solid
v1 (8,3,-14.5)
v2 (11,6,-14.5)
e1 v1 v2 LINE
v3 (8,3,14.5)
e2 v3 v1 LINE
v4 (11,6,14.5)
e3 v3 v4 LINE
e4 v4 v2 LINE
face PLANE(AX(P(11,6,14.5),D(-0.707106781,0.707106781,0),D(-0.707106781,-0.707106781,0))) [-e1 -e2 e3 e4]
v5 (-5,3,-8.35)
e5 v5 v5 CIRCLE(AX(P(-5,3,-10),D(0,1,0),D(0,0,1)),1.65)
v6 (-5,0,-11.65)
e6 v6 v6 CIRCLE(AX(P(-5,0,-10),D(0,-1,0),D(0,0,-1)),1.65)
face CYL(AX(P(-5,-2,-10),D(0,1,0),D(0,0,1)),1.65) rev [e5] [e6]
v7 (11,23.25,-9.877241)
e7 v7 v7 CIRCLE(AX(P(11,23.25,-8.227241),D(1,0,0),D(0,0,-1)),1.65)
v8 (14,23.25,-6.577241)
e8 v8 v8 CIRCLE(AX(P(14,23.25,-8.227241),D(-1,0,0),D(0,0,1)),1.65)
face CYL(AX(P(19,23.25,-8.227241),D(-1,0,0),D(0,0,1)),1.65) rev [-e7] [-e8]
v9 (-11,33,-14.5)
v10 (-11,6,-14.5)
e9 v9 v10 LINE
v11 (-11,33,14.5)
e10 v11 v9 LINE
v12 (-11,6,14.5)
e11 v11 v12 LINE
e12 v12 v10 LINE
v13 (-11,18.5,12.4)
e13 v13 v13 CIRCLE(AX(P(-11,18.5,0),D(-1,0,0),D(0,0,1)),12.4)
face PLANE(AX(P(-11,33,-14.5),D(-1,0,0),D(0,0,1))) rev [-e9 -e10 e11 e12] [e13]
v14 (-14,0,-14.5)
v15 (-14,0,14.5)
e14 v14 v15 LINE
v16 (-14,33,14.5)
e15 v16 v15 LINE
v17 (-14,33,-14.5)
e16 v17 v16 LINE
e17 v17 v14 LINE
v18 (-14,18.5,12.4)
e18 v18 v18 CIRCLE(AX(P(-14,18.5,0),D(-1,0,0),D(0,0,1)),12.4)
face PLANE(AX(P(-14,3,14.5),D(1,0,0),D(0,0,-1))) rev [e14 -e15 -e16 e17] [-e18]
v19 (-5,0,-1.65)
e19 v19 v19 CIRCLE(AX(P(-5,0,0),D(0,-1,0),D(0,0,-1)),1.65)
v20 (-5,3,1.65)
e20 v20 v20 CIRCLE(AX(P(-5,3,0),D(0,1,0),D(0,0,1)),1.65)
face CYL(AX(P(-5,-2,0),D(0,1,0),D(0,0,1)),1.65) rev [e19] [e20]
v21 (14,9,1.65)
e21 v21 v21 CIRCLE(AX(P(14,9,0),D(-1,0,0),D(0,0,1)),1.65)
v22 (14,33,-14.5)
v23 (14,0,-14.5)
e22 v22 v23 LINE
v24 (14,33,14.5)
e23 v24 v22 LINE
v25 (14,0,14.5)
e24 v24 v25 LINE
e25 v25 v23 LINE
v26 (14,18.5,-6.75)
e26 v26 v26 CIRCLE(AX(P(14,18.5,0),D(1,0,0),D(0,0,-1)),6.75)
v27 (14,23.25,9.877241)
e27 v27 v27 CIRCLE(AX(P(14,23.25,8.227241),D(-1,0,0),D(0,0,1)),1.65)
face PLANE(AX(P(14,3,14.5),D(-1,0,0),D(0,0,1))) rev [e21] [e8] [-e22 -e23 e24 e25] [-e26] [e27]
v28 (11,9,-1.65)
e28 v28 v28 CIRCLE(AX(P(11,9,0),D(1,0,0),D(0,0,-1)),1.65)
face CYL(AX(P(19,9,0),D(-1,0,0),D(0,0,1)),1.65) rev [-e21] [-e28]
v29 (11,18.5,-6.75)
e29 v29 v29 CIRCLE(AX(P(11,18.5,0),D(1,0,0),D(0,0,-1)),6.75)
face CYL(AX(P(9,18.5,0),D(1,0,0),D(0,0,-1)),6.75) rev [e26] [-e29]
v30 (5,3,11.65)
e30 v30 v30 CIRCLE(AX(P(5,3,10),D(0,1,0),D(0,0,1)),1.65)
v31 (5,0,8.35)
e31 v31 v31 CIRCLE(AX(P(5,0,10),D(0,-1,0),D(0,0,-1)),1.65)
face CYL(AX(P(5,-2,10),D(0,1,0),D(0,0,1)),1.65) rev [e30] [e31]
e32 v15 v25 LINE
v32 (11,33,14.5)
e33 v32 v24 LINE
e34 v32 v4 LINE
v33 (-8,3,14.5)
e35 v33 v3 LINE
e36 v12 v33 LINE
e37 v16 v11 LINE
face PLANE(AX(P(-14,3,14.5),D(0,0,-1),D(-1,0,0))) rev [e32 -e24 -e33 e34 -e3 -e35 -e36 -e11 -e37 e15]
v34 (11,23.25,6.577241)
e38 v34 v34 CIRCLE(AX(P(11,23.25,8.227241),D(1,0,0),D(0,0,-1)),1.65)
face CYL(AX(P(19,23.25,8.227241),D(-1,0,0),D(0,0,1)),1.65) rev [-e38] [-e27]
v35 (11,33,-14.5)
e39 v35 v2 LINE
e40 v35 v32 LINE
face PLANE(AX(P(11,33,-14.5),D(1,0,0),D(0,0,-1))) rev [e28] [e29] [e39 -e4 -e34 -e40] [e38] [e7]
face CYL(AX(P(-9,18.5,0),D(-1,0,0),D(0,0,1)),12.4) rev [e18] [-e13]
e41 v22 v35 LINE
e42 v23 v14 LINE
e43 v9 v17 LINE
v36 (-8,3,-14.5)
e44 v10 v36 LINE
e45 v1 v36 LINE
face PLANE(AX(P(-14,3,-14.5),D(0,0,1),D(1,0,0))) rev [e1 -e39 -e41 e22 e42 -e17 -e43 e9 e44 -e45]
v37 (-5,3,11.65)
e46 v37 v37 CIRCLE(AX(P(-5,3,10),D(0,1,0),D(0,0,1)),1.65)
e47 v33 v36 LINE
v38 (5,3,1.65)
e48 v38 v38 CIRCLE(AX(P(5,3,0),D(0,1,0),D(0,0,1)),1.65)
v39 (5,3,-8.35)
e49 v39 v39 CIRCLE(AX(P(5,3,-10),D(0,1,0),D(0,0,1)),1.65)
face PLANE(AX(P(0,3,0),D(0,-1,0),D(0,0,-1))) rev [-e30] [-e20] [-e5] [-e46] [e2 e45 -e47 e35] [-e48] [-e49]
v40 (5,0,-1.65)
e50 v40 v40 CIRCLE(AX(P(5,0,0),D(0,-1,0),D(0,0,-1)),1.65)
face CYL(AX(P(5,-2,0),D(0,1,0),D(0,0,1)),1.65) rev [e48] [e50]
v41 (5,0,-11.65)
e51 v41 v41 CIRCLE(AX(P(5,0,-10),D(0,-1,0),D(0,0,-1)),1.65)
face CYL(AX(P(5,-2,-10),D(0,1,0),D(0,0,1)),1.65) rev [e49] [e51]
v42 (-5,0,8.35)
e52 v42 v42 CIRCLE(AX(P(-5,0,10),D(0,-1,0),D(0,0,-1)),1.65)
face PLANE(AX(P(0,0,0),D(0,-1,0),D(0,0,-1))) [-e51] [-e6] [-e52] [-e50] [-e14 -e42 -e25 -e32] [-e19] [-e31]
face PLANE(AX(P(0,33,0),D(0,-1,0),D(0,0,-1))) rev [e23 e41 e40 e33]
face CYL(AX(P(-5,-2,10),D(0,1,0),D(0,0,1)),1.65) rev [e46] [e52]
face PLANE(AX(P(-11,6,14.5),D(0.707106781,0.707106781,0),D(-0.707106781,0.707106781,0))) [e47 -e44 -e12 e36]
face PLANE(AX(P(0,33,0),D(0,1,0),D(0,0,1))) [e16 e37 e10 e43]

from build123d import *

# Parameters (mm, degrees)
SKETCH_1_W          = 28
SKETCH_1_H          = 29
EXTRUDE_1_DEPTH     = 3
SKETCH_2_W          = 3
SKETCH_2_H          = 29
EXTRUDE_2_DEPTH     = 30
SKETCH_3_R          = 1.65
CUT_EXTRUDE_1_DEPTH = 33
EXTRUDE_3_DEPTH     = 29
SKETCH_6_R          = 12.4
CUT_EXTRUDE_2_DEPTH = 5
SKETCH_8_R          = 1.65
CUT_EXTRUDE_3_DEPTH = 5
SKETCH_9_R          = 6.75
CUT_EXTRUDE_4_DEPTH = 5


with BuildPart() as part:
    # 草图1 → 凸台-拉伸1 (new body)
    with BuildSketch(Plane(origin=(0, 0, 0), x_dir=(1, 0, 0), z_dir=(0, 1, 0))):
        Rectangle(SKETCH_1_W, SKETCH_1_H)
    extrude(amount=EXTRUDE_1_DEPTH)

    # 草图2 → 凸台-拉伸2 (add)
    with BuildSketch(Plane(origin=(0, 3, 0), x_dir=(1, 0, 0), z_dir=(0, 1, 0))):
        with Locations((12.5, 0)):
            Rectangle(SKETCH_2_W, SKETCH_2_H)
        with Locations((-12.5, 0)):
            Rectangle(SKETCH_2_W, SKETCH_2_H)
    extrude(amount=EXTRUDE_2_DEPTH)

    # 草图3 → 切除-拉伸1 (cut)
    with BuildSketch(Plane.ZY.offset(14)):
        with Locations((-8.227241336, 23.25)):
            Circle(SKETCH_3_R)
        with Locations((8.227241336, 23.25)):
            Circle(SKETCH_3_R)
        with Locations((0, 9)):
            Circle(SKETCH_3_R)
    extrude(amount=-CUT_EXTRUDE_1_DEPTH, mode=Mode.SUBTRACT)

    # 草图5 → 凸台-拉伸3 (add)
    with BuildSketch(Plane(origin=(0, 0, -14.5), x_dir=(-1, 0, 0), z_dir=(0, 0, -1))):
        Polygon((11, 3), (11, 6), (8, 3), align=None)
        Polygon((-11, 3), (-11, 6), (-8, 3), align=None)
    extrude(amount=-EXTRUDE_3_DEPTH)

    # 草图6 → 切除-拉伸2 (cut)
    with BuildSketch(Plane.ZY.offset(14)):
        with Locations((0, 18.5)):
            Circle(SKETCH_6_R)
    extrude(amount=-CUT_EXTRUDE_2_DEPTH, mode=Mode.SUBTRACT)

    # 草图8 → 切除-拉伸3 (cut)
    with BuildSketch(Plane(origin=(0, 3, 0), x_dir=(1, 0, 0), z_dir=(0, 1, 0))):
        with BuildLine():
            ThreePointArc((-3.35, 10), (-6.166726189, 11.166726189), (-5, 8.35))
            Line((-5, 8.35), (-5, 10))
            Line((-5, 10), (-3.35, 10))
        make_face()
        with BuildLine():
            Line((-5, 10), (-5, 8.35))
            ThreePointArc((-5, 8.35), (-3.833273811, 8.833273811), (-3.35, 10))
            Line((-3.35, 10), (-5, 10))
        make_face()
        with BuildLine():
            ThreePointArc((3.35, 10), (3.833273811, 8.833273811), (5, 8.35))
            Line((5, 8.35), (5, 10))
            Line((5, 10), (3.35, 10))
        make_face()
        with BuildLine():
            Line((5, 10), (5, 8.35))
            ThreePointArc((5, 8.35), (6.166726189, 8.833273811), (6.65, 10))
            ThreePointArc((6.65, 10), (5, 11.65), (3.35, 10))
            Line((3.35, 10), (5, 10))
        make_face()
        with BuildLine():
            ThreePointArc((5, -8.35), (3.833273811, -8.833273811), (3.35, -10))
            Line((3.35, -10), (5, -10))
            Line((5, -10), (5, -8.35))
        make_face()
        with BuildLine():
            Line((5, -10), (3.35, -10))
            ThreePointArc((3.35, -10), (5, -11.65), (6.65, -10))
            ThreePointArc((6.65, -10), (6.166726189, -8.833273811), (5, -8.35))
            Line((5, -8.35), (5, -10))
        make_face()
        with BuildLine():
            Line((-5, -8.35), (-5, -10))
            Line((-5, -10), (-3.35, -10))
            ThreePointArc((-3.35, -10), (-3.833273811, -8.833273811), (-5, -8.35))
        make_face()
        with BuildLine():
            Line((-3.35, -10), (-5, -10))
            Line((-5, -10), (-5, -8.35))
            ThreePointArc((-5, -8.35), (-6.166726189, -11.166726189), (-3.35, -10))
        make_face()
        with Locations(Location((5, 0, 0), (0, 0, 270))):
            Circle(SKETCH_8_R)
        with Locations(Location((-5, 0, 0), (0, 0, 270))):
            Circle(SKETCH_8_R)
    extrude(amount=-CUT_EXTRUDE_3_DEPTH, mode=Mode.SUBTRACT)

    # 草图9 → 切除-拉伸4 (cut)
    with BuildSketch(Plane(origin=(14, 0, 0), x_dir=(0, 0, -1), z_dir=(1, 0, 0))):
        with Locations((0, 18.5)):
            Circle(SKETCH_9_R)
    extrude(amount=-CUT_EXTRUDE_4_DEPTH, mode=Mode.SUBTRACT)


solid = part.part
